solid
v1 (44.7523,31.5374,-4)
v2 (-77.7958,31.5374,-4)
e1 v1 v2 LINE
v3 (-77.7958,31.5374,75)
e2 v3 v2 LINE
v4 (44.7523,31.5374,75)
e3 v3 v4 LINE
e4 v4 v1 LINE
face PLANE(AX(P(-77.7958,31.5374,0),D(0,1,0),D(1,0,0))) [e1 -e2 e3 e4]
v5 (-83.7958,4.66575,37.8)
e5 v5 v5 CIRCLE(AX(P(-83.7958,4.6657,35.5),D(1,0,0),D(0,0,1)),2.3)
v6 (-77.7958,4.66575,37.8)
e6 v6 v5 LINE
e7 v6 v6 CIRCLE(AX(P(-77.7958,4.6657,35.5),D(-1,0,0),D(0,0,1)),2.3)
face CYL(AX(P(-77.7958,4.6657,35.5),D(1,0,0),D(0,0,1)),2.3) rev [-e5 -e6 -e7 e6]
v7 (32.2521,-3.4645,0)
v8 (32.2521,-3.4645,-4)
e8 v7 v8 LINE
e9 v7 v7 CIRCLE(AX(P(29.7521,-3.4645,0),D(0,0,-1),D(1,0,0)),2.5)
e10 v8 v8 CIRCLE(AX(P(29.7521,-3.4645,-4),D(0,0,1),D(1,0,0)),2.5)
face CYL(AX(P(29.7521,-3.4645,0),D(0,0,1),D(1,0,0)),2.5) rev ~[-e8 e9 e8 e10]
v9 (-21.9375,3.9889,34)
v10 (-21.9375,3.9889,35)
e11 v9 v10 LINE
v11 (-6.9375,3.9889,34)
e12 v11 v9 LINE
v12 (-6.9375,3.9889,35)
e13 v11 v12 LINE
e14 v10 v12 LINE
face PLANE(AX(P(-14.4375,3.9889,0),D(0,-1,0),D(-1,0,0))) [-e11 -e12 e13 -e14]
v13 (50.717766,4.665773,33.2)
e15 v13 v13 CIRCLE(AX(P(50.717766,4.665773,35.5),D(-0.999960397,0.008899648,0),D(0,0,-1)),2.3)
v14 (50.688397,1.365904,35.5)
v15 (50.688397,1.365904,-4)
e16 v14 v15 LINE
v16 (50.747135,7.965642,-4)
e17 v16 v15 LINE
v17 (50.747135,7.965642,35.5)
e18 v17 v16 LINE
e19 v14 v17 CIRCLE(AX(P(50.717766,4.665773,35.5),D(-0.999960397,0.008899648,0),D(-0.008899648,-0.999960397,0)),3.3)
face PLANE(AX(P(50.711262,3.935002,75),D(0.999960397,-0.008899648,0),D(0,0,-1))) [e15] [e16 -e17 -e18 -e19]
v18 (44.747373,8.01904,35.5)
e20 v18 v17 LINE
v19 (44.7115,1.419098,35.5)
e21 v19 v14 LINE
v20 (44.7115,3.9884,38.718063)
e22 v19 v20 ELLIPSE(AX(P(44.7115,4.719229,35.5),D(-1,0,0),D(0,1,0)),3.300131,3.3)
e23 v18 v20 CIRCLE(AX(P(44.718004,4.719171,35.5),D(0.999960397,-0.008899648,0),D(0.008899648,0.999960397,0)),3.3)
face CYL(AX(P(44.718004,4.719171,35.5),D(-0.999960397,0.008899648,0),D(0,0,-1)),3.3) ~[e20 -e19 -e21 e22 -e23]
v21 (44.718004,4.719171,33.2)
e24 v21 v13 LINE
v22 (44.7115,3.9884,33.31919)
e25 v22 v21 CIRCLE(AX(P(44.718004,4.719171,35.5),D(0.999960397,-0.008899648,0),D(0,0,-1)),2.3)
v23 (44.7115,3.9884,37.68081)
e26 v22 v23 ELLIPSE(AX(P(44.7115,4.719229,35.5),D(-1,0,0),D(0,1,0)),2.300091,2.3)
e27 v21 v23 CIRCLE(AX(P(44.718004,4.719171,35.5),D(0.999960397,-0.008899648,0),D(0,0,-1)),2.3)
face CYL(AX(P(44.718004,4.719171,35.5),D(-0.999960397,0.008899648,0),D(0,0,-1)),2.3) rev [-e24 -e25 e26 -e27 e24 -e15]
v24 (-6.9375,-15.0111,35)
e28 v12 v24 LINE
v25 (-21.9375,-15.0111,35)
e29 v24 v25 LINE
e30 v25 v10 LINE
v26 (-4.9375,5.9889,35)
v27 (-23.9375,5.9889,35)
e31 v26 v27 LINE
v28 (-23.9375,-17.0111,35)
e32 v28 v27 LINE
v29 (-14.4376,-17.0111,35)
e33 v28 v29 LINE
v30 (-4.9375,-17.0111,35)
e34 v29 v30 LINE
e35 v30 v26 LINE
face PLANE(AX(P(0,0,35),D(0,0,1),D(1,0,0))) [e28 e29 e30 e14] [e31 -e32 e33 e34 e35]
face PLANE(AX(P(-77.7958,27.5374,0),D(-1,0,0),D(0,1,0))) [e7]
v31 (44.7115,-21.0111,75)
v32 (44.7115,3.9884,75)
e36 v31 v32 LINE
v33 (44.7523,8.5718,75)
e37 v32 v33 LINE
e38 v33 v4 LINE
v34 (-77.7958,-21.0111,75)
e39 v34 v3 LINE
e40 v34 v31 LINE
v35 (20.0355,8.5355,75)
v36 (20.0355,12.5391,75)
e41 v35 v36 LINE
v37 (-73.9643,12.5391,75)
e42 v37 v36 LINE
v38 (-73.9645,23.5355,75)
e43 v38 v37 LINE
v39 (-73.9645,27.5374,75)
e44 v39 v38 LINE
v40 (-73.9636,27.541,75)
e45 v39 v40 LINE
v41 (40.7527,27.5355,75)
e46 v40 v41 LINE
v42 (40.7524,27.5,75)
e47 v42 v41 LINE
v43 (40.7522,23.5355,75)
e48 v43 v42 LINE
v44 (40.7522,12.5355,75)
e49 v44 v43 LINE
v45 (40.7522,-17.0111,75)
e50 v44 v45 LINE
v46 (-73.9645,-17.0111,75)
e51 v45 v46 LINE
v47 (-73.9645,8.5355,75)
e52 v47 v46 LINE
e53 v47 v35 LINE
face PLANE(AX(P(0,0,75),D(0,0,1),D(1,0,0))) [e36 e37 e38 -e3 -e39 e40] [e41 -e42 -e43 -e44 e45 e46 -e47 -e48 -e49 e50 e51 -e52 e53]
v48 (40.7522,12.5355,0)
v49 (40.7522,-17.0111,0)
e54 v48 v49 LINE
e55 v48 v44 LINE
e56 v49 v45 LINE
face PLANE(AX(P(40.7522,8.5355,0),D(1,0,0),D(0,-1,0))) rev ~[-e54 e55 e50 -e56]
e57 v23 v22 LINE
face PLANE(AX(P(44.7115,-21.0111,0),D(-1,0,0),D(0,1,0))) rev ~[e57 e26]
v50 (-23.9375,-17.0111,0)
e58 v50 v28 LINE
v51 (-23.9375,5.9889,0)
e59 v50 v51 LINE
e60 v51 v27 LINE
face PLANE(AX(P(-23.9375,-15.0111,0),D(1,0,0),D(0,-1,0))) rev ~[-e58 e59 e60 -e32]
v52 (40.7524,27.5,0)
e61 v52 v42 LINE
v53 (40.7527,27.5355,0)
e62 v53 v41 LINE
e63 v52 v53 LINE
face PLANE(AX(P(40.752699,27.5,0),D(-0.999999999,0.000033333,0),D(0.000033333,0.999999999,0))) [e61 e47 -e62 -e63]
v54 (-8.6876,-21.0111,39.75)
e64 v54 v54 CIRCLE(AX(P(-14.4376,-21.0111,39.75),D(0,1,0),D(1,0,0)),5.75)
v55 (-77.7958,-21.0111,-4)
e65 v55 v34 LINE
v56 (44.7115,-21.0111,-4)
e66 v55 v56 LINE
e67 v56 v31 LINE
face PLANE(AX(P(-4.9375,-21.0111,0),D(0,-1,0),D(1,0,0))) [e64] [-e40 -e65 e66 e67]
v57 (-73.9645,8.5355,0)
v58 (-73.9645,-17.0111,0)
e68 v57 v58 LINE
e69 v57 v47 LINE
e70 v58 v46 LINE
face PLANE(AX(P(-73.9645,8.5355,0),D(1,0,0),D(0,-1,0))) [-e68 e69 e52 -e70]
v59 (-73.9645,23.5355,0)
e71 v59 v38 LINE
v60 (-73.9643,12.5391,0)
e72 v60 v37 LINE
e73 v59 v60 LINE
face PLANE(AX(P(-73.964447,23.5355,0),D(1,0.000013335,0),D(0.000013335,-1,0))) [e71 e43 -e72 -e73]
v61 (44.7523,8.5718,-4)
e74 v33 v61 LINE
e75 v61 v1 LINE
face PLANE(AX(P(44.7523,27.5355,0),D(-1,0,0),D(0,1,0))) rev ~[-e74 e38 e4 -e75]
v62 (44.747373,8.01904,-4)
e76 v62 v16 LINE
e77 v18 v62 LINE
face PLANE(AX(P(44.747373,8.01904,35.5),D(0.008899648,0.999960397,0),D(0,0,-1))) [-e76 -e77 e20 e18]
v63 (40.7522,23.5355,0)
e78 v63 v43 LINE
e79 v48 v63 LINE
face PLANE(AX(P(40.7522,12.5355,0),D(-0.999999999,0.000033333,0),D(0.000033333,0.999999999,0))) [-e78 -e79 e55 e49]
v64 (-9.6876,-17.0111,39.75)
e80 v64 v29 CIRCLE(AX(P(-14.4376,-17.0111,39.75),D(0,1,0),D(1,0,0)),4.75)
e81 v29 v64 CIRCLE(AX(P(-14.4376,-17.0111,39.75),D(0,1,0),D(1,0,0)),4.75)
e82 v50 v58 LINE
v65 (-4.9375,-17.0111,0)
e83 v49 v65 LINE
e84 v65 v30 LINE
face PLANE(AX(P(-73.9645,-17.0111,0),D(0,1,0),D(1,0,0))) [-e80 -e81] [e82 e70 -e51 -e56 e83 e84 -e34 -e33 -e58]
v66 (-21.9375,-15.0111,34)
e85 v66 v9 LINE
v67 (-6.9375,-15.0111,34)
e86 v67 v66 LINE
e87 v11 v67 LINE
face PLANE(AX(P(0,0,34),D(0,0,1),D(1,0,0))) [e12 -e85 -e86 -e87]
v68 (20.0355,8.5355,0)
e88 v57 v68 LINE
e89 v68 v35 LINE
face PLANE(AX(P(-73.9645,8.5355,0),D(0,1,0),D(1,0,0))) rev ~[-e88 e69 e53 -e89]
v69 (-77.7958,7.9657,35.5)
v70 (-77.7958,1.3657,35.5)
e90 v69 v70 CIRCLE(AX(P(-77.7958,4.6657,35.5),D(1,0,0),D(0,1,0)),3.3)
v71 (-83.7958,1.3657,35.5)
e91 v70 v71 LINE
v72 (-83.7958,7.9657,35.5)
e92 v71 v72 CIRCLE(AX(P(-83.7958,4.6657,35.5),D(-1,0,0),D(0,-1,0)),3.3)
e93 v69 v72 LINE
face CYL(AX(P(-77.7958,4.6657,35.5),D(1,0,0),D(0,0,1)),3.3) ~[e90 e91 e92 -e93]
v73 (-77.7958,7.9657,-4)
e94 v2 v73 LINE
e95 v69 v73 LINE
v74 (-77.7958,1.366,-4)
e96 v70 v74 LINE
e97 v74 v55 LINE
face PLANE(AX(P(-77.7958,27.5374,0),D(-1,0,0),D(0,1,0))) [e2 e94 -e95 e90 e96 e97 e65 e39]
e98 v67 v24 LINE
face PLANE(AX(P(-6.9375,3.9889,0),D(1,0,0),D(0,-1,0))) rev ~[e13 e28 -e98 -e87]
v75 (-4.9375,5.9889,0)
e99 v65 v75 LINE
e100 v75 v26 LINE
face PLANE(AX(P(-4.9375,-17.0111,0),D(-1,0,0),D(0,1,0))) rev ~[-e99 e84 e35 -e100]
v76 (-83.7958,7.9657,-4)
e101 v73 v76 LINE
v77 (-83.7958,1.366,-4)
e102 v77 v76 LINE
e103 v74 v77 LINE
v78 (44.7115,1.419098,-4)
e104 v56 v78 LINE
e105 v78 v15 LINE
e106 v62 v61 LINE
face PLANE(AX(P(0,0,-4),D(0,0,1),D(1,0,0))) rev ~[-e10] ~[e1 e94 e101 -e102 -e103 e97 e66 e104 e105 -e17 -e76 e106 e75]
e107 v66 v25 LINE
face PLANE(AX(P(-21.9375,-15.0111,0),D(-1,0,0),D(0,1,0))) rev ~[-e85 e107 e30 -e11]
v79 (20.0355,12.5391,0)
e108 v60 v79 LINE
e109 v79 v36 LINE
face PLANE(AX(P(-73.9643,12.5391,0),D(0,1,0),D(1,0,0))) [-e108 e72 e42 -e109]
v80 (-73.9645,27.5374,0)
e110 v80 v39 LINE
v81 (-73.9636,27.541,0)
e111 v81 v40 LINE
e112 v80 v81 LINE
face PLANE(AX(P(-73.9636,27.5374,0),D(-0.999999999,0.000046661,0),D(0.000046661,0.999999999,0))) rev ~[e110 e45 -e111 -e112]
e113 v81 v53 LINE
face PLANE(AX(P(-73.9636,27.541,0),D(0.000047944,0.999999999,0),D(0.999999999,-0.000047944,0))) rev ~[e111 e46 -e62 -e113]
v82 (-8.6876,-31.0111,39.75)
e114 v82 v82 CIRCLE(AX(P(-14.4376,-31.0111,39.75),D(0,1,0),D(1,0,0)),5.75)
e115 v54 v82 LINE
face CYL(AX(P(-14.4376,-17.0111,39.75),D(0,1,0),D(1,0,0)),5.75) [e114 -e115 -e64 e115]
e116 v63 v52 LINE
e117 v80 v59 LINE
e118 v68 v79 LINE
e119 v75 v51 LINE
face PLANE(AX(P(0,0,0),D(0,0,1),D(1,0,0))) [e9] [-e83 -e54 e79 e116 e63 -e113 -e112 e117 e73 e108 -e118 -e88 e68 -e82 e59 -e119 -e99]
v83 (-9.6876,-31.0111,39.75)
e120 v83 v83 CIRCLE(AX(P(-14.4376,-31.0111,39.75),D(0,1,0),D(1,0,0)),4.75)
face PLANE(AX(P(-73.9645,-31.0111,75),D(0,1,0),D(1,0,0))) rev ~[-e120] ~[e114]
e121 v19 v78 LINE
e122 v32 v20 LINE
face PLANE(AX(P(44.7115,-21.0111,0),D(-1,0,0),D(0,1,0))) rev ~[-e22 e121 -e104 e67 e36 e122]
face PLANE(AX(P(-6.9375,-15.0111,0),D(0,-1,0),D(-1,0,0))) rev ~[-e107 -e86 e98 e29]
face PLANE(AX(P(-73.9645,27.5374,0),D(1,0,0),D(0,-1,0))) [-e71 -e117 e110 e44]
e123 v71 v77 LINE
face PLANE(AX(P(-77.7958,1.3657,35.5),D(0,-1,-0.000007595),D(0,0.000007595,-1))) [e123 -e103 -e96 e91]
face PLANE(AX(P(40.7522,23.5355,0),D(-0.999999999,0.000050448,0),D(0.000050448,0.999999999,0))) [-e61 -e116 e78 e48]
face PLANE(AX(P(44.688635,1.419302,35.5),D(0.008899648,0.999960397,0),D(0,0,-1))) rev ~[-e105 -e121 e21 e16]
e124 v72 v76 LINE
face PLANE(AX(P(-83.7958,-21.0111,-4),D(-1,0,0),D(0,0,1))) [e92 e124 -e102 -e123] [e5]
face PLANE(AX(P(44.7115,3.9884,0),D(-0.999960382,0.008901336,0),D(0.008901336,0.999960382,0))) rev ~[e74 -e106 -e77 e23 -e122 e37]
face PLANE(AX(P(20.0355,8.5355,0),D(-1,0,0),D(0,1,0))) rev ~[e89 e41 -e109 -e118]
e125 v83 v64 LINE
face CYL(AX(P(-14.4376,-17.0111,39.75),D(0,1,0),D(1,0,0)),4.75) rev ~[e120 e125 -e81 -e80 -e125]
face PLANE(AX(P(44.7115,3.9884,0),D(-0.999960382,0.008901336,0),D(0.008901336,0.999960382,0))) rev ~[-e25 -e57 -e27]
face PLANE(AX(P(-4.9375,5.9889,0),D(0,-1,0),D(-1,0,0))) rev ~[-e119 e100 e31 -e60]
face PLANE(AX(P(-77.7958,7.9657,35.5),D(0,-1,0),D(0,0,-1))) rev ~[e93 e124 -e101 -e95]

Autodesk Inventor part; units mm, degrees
ref_plane "YZ Plane" through (0, 0, 0) normal (1, 0, 0) x (0, 1, 0)
ref_plane "XZ Plane" through (0, 0, 0) normal (0, 1, 0) x (-1, 0, 0)
ref_plane "XY Plane" through (0, 0, 0) normal (0, 0, 1) x (1, 0, 0)
sketch "Sketch1" plane through (0, 0, 0) normal (0, 0, 1) x (1, 0, 0)
  line L0 (16.0355, 8.5355) -> (20.0355, 8.5355)
  line L1 (-73.9645, 8.5355) -> (16.0355, 8.5355)
  line L2 (20.0355, 8.5355) -> (-73.9645, 8.5355)
  line L3 (-73.9645, 27.5374) -> (-73.9645, 23.5355)
  line L4 (40.7522, 23.5355) -> (40.7524, 27.5)
  line L5 (20.0355, 8.5355) -> (20.0355, 12.5391)
  line L6 (40.7522, 12.5355) -> (40.7527, 27.5355)
  line L7 (-73.9639, 27.5391) -> (-73.9643, 12.5391)
  line L8 (-73.9636, 27.541) -> (40.7527, 27.5355)
  line L9 (-73.9643, 12.5391) -> (-73.9636, 27.541)
  line L10 (-77.7958, 27.5374) -> (-77.7958, 31.5374)
  line L11 (-77.7958, 31.5374) -> (-73.7958, 31.5374)
  line L12 (-73.7958, 31.5374) -> (40.9206, 31.5374)
  line L13 (40.9206, 31.5374) -> (44.7523, 31.5374)
  line L14 (44.7523, 27.5355) -> (44.7523, 31.5374)
  line L15 (-77.7958, 27.5374) -> (-77.7958, 8.5355)
  line L16 (-77.7958, 3.9889) -> (-77.7958, 8.5355)
  line L17 (44.7115, 3.9884) -> (44.7523, 8.5718)
  line L18 (-14.4375, 3.9889) -> (-21.9375, 3.9889)
  line L19 (-21.9375, 3.9889) -> (-6.9375, 3.9889)
  line L20 (-6.9375, 3.9889) -> (-6.9375, -15.0111)
  line L21 (-6.9375, -15.0111) -> (-21.9375, -15.0111)
  line L22 (-21.9375, -15.0111) -> (-21.9375, 3.9889)
  line L23 (-23.9375, -15.0111) -> (-23.9375, -17.0111)
  line L24 (-4.9375, -17.0111) -> (-4.9375, 5.9889)
  line L25 (-4.9375, 5.9889) -> (-23.9375, 5.9889)
  line L26 (-23.9375, 5.9889) -> (-23.9375, -17.0111)
  line L27 (-23.9375, -21.0111) -> (-77.7958, -21.0111)
  line L28 (-77.7958, -21.0111) -> (-77.7958, 3.9889)
  line L29 (-73.9645, 8.5355) -> (-73.9645, -17.0111)
  line L30 (-73.9645, -17.0111) -> (-23.9375, -17.0111)
  line L31 (-23.9375, -21.0111) -> (-4.9375, -21.0111)
  line L32 (-4.9375, -21.0111) -> (44.7115, -21.0111)
  line L33 (44.7115, -21.0111) -> (44.7115, 3.9884)
  line L34 (40.7522, 8.5355) -> (40.7522, -17.0111)
  line L35 (40.7522, -17.0111) -> (-4.9375, -17.0111)
  line L36 (-73.9643, 12.5391) -> (20.0355, 12.5391)
  line L37 (-73.9645, 8.5355) -> (20.0355, 8.5355)
  line L38 (40.7522, 12.5355) -> (40.7522, 8.5355)
  line L39 (44.7523, 27.5355) -> (44.7523, 8.5718)
  line L40 (-23.9375, -17.0111) -> (-4.9375, -17.0111)
  point P0 (0, 0)
  point P1 (-73.9645, 27.5355)
  point P2 (40.7521, 27.5)
extrude "Extrusion1" add sketch "Sketch1" against normal blind 4 contours L0 L5 L36 L7 L3 L9 L8 L6 L4 L38 L34 L35 L24 L25 L26 L23 L30 L29 L1 | L23 L26 L25 L24 L40 | L10 L11 L12 L13 L14 L39 L17 L33 L32 L31 L27 L28 L16 L15 | L19 L20 L21 L22 L18
extrude "Extrusion2" add sketch "Sketch1" along normal blind 75 contours L10 L11 L12 L13 L14 L39 L17 L33 L32 L31 L27 L28 L16 L15
sketch "Sketch3" plane through (0, 0, 0) normal (0, 0, 1) x (1, 0, 0)
  line L0 (-73.9645, -21.4645) -> (40.7521, -21.4645) projected
  line L1 (40.7521, -21.4645) -> (29.7521, -21.4645)
  line L2 (29.7521, -21.4645) -> (29.7521, -3.4645)
  line L3 (29.7521, -3.4645) -> (40.7521, -3.4645)
  line L4 (40.7521, -3.4645) -> (40.7521, -21.4645)
  circle A0 centre (29.7521, -3.4645) radius 2.5
  point P0 (0, 0)
  dimension "d44" = 11
  dimension "d45" = 18
  dimension "d46" = 5
extrude "Extrusion5" cut sketch "Sketch3" against normal blind 4 contours A0 L3 L2 | L2 L3 A0
extrude "Extrusion8" add sketch "Sketch1" along normal blind 35 contours L23 L26 L25 L24 L40
extrude "Extrusion9" add sketch "Sketch1" along normal blind 34 contours L19 L20 L21 L22 L18
sketch "Sketch6" plane through (-73.9645, -17.0111, 75) normal (0, 1, 0) x (1, 0, 0)
  line L0 (69.0269, 40) -> (50.0269, 40) projected
  line L1 (50.0269, 40) -> (69.0269, 40)
  line L2 (69.0269, 75) -> (69.0269, 40) projected
  circle A0 centre (59.5269, 35.25) radius 4.75
  circle A1 centre (59.5269, 35.25) radius 5.75
  point P0 (73.9645, 75)
  dimension "d71" = 11.5
extrude "Extrusion10" cut sketch "Sketch6" against normal blind 4 contours A0
extrude "Extrusion11" add sketch "Sketch6" against normal blind 14
sketch "Sketch7" plane through (44.7115, 3.9884, 75) normal (1, -0.0089, 0) x (0, 0, -1)
  line L0 (79, -26.0867) -> (0, -26.0867) projected
  line L1 (79, 26.4598) -> (79, 27.5484) projected
  line L2 (0, -26.0867) -> (79, -26.0867)
  line L3 (79, -26.0867) -> (79, 27.5484)
  line L4 (79, 27.5484) -> (0, 27.5484)
  line L5 (0, 27.5484) -> (0, -26.0867)
  line L6 (0, 0.7308) -> (79, 0.7308)
  line L7 (39.5, -26.0867) -> (39.5, 27.5484)
  circle A0 centre (39.5, 0.7308) radius 2.3
  circle A1 centre (39.5, 0.7308) radius 3.3
  line L8 (39.5, -2.5692) -> (79, -2.5692)
  line L9 (39.5, 4.0308) -> (79, 4.0308)
  point P0 (75, -4.3854)
  dimension "d76" = 4.6
  dimension "d77" = 6.6
extrude "Extrusion12" add sketch "Sketch7" along normal blind 6 contours L8 A1 L6 L3 | A1 L6 A0 L7 | L7 A0 L6 A1 | L6 A1 L9 L3 | L6 A0 L7 A1 | A1 L7 A0 L6
sketch "Sketch8" plane through (-77.7958, -21.0111, -4) normal (-1, 0, 0) x (0, 0, 1)
  line L0 (0, 0) -> (79, 0) projected
  line L1 (79, 52.5485) -> (0, 52.5485)
  line L2 (0, 52.5485) -> (0, 0)
  line L3 (0, 0) -> (79, 0)
  line L4 (79, 0) -> (79, 52.5485)
  line L5 (0, 52.5485) -> (79, 52.5485) projected
  line L6 (39.5, 52.5485) -> (39.5, 0)
  line L7 (42.7181, 24.9994) -> (79, 24.9994) projected
  line L8 (79, 24.9994) -> (0, 25.6769)
  line L9 (0, 22.3771) -> (0, 28.9768) projected
  circle A0 centre (39.5, 25.6768) radius 2.3
  ellipse E0 centre (39.5, 25.6769) end of major axis (41.8, 25.6769) minor radius 2.2999 projected
  circle A1 centre (39.5, 25.6768) radius 3.3
  line L10 (39.5, 28.9768) -> (0, 28.9768)
  line L11 (39.5, 22.3768) -> (0, 22.3771)
  point P0 (4, 21.0111)
  dimension "d80" = 6.6
extrude "Extrusion13" add sketch "Sketch8" along normal blind 6 contours L2 L8 A1 L11 | A1 L8 A0 L6 | L6 A0 L8 A1 | L2 L10 A1 L8 | A1 L6 A0 L8 | L8 A0 L6 A1
properties part number "Bakje sensor" material "ABS Plastic"
